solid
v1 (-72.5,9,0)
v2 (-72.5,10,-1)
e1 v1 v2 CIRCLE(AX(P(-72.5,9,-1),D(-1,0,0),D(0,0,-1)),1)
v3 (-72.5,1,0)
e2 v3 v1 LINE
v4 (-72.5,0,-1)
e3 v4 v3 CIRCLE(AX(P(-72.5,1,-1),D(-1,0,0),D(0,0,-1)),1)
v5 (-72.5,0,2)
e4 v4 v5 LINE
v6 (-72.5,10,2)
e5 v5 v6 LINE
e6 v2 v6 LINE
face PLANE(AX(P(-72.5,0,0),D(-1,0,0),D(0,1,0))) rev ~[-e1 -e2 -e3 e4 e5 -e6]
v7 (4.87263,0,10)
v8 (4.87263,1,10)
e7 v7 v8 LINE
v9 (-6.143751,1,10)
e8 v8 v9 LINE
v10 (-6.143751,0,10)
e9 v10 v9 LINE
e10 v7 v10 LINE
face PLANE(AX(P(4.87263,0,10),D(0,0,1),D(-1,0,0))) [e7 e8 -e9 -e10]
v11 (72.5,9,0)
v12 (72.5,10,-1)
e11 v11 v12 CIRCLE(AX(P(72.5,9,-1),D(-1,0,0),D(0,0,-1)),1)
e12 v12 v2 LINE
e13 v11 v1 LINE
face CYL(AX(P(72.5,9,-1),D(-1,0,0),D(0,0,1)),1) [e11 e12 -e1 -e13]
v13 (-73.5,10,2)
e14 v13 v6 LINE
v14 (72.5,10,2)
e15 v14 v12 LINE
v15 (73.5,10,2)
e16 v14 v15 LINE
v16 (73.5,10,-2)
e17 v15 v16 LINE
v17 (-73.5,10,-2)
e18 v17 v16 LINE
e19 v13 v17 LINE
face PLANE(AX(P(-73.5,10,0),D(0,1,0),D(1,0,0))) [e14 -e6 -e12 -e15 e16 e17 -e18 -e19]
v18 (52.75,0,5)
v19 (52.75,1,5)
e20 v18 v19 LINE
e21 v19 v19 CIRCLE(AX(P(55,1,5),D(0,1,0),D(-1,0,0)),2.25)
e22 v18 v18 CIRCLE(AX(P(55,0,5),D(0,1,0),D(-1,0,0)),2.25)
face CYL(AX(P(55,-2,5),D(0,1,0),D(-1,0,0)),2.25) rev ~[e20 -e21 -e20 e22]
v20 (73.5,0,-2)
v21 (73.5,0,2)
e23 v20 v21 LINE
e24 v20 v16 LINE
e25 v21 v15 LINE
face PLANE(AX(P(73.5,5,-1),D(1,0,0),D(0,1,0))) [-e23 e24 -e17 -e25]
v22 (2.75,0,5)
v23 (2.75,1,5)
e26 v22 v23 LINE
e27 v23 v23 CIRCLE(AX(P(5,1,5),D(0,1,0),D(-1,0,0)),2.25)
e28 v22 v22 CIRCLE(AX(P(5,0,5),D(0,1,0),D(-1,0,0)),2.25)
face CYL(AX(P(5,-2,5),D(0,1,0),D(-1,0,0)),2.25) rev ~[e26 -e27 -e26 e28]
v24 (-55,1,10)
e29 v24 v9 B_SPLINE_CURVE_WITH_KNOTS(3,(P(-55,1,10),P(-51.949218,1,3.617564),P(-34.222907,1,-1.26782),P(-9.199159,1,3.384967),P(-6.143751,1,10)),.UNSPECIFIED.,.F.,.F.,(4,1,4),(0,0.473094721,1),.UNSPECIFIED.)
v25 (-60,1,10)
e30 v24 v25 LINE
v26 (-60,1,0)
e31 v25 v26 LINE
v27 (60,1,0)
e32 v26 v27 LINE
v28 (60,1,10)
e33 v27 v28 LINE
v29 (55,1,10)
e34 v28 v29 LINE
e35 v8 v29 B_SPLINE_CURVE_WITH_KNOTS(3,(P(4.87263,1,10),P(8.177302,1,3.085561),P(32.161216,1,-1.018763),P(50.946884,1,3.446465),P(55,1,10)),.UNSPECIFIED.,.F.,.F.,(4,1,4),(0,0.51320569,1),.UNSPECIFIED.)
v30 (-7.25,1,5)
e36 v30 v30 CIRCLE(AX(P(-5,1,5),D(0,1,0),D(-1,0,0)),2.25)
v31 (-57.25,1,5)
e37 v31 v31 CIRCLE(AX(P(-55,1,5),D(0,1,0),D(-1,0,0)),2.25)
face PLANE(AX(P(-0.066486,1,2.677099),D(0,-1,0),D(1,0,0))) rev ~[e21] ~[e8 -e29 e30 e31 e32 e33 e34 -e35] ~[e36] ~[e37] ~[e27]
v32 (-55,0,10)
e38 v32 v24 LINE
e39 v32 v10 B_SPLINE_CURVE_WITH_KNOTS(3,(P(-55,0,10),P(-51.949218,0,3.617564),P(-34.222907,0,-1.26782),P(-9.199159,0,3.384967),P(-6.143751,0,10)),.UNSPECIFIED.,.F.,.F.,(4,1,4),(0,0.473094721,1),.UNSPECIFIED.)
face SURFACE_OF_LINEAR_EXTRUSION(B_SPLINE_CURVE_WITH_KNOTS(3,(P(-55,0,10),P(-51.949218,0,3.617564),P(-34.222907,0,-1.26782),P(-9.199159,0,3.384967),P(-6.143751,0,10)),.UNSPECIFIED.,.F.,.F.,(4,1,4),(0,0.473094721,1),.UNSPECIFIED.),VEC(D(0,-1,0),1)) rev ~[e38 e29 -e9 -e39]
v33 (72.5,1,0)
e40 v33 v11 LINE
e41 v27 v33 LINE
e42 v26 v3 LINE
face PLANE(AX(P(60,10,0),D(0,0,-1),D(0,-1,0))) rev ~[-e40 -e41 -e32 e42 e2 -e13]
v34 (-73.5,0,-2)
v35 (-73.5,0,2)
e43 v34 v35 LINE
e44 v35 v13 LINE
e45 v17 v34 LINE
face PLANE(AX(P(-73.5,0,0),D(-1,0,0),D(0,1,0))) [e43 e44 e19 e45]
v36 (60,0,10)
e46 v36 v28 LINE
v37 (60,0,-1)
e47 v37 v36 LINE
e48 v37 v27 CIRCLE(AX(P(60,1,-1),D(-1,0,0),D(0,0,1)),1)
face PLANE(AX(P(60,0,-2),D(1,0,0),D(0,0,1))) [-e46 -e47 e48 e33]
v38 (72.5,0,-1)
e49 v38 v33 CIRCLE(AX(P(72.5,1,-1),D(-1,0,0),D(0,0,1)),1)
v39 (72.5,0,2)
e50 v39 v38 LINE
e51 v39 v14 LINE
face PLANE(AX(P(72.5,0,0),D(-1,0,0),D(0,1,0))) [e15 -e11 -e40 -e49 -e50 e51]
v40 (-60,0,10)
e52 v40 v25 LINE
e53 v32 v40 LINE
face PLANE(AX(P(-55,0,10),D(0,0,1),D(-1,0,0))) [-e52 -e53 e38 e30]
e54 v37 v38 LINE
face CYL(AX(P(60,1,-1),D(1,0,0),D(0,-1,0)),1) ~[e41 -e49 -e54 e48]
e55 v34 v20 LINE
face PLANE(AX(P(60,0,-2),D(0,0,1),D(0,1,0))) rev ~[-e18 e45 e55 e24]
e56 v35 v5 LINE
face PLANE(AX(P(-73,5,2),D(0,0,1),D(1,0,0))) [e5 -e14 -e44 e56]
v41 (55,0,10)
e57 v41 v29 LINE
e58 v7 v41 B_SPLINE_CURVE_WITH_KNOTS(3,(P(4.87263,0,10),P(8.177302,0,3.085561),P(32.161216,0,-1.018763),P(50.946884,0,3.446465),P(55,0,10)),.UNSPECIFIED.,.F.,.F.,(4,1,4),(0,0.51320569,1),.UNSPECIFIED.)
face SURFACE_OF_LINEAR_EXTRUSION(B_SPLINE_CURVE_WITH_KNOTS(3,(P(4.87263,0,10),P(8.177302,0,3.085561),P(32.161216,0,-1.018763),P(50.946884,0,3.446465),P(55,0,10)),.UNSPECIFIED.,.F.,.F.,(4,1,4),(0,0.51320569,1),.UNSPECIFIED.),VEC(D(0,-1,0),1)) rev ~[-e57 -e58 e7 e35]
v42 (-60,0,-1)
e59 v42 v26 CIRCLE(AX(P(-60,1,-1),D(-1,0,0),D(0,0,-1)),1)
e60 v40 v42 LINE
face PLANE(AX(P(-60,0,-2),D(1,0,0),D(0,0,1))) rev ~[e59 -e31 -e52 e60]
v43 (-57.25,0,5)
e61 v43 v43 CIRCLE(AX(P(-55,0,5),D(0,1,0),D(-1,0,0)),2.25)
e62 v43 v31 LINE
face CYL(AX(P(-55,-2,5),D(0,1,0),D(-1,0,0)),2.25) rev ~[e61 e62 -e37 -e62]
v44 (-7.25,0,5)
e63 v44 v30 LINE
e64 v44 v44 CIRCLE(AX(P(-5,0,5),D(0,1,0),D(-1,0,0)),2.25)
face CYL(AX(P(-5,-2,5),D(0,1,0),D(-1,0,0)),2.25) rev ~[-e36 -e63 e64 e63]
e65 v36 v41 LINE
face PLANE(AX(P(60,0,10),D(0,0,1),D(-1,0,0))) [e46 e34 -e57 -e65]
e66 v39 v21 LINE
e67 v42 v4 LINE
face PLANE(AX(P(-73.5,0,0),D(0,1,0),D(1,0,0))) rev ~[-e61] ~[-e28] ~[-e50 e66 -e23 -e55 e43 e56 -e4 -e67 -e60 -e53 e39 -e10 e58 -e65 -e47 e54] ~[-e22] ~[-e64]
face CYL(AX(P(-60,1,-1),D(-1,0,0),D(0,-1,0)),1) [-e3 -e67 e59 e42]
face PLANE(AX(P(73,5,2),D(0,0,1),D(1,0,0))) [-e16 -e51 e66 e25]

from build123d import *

# Parameters (mm, degrees)
F1_DEPTH = 1
F0_W     = 120
F0_H     = 2
F2_DEPTH = 10
F3_D     = 4.5
F3_DEPTH = 2
F3_TIP   = 1.3519363928
F5_DEPTH = 13.5
F7_DEPTH = 13.5
F8_W     = 1
F8_H     = 10
F9_DEPTH = 2
F10_R    = 1


with BuildPart() as f1:
    # F0 (on Front) → F1 (new body)
    with BuildSketch(Plane.XZ):
        with BuildLine():
            Line((-60, 10), (-60, 0))
            Line((-60, 0), (60, 0))
            Line((60, 0), (60, 10))
            Line((60, 10), (55, 10))
            add(Edge.make_bspline(
                [(4.8726298846, 10), (8.1773018464, 3.085560631), (32.161216462, -1.0187632381), (50.9468838573, 3.4464653581), (55, 10)],
                knots=[0, 0, 0, 0, 0.5132056899, 1, 1, 1, 1], degree=3))
            Line((4.8726298846, 10), (-6.1437510885, 10))
            add(Edge.make_bspline(
                [(-55, 10), (-51.9492179155, 3.6175639834), (-34.2229071391, -1.2678204247), (-9.1991592199, 3.3849673346), (-6.1437510885, 10)],
                knots=[0, 0, 0, 0, 0.4730947214, 1, 1, 1, 1], degree=3))
            Line((-55, 10), (-60, 10))
        make_face()
    extrude(amount=-F1_DEPTH)

    # F0 (on Front) → F2 (join)
    with BuildSketch(Plane.XZ):
        with Locations((0, -1)):
            Rectangle(F0_W, F0_H)
    extrude(amount=-F2_DEPTH)

    # F3
    with Locations(Plane.XZ):
        with Locations((-55, 5), (-5, 5), (5, 5), (55, 5)):
            Hole(F3_D / 2, depth=F3_DEPTH)
            with Locations((0, 0, -(F3_DEPTH + F3_TIP / 2))):  # 118° drill point
                Cone(0, F3_D / 2, F3_TIP, mode=Mode.SUBTRACT)

    # F4 (on face) → F5 (join)
    with BuildSketch(Plane(origin=(-60, 0, 0), x_dir=(0, -1, 0), z_dir=(-1, 0, 0))):
        Polygon((-1, 0), (-10, 0), (-10, -2), (0, -2), (0, 0), align=None)
    extrude(amount=F5_DEPTH)

    # F6 (on face) → F7 (join)
    with BuildSketch(Plane.YZ.offset(60)):
        Polygon((0, 0), (0, -2), (10, -2), (10, 0), (1, 0), align=None)
    extrude(amount=F7_DEPTH)

    # F8 (on face) → F9 (join)
    with BuildSketch(Plane.XY):
        with Locations((-73, 5)):
            Rectangle(F8_W, F8_H)
        with Locations((73, 5)):
            Rectangle(F8_W, F8_H)
    extrude(amount=F9_DEPTH)

    # F10
    f10_edges = [f1.edges().sort_by_distance(p)[0] for p in [
        (0, 10, 0),
        (-66.25, 0, 0),
        (66.25, 0, 0),
    ]]
    fillet(f10_edges, radius=F10_R)


solid = f1.part
